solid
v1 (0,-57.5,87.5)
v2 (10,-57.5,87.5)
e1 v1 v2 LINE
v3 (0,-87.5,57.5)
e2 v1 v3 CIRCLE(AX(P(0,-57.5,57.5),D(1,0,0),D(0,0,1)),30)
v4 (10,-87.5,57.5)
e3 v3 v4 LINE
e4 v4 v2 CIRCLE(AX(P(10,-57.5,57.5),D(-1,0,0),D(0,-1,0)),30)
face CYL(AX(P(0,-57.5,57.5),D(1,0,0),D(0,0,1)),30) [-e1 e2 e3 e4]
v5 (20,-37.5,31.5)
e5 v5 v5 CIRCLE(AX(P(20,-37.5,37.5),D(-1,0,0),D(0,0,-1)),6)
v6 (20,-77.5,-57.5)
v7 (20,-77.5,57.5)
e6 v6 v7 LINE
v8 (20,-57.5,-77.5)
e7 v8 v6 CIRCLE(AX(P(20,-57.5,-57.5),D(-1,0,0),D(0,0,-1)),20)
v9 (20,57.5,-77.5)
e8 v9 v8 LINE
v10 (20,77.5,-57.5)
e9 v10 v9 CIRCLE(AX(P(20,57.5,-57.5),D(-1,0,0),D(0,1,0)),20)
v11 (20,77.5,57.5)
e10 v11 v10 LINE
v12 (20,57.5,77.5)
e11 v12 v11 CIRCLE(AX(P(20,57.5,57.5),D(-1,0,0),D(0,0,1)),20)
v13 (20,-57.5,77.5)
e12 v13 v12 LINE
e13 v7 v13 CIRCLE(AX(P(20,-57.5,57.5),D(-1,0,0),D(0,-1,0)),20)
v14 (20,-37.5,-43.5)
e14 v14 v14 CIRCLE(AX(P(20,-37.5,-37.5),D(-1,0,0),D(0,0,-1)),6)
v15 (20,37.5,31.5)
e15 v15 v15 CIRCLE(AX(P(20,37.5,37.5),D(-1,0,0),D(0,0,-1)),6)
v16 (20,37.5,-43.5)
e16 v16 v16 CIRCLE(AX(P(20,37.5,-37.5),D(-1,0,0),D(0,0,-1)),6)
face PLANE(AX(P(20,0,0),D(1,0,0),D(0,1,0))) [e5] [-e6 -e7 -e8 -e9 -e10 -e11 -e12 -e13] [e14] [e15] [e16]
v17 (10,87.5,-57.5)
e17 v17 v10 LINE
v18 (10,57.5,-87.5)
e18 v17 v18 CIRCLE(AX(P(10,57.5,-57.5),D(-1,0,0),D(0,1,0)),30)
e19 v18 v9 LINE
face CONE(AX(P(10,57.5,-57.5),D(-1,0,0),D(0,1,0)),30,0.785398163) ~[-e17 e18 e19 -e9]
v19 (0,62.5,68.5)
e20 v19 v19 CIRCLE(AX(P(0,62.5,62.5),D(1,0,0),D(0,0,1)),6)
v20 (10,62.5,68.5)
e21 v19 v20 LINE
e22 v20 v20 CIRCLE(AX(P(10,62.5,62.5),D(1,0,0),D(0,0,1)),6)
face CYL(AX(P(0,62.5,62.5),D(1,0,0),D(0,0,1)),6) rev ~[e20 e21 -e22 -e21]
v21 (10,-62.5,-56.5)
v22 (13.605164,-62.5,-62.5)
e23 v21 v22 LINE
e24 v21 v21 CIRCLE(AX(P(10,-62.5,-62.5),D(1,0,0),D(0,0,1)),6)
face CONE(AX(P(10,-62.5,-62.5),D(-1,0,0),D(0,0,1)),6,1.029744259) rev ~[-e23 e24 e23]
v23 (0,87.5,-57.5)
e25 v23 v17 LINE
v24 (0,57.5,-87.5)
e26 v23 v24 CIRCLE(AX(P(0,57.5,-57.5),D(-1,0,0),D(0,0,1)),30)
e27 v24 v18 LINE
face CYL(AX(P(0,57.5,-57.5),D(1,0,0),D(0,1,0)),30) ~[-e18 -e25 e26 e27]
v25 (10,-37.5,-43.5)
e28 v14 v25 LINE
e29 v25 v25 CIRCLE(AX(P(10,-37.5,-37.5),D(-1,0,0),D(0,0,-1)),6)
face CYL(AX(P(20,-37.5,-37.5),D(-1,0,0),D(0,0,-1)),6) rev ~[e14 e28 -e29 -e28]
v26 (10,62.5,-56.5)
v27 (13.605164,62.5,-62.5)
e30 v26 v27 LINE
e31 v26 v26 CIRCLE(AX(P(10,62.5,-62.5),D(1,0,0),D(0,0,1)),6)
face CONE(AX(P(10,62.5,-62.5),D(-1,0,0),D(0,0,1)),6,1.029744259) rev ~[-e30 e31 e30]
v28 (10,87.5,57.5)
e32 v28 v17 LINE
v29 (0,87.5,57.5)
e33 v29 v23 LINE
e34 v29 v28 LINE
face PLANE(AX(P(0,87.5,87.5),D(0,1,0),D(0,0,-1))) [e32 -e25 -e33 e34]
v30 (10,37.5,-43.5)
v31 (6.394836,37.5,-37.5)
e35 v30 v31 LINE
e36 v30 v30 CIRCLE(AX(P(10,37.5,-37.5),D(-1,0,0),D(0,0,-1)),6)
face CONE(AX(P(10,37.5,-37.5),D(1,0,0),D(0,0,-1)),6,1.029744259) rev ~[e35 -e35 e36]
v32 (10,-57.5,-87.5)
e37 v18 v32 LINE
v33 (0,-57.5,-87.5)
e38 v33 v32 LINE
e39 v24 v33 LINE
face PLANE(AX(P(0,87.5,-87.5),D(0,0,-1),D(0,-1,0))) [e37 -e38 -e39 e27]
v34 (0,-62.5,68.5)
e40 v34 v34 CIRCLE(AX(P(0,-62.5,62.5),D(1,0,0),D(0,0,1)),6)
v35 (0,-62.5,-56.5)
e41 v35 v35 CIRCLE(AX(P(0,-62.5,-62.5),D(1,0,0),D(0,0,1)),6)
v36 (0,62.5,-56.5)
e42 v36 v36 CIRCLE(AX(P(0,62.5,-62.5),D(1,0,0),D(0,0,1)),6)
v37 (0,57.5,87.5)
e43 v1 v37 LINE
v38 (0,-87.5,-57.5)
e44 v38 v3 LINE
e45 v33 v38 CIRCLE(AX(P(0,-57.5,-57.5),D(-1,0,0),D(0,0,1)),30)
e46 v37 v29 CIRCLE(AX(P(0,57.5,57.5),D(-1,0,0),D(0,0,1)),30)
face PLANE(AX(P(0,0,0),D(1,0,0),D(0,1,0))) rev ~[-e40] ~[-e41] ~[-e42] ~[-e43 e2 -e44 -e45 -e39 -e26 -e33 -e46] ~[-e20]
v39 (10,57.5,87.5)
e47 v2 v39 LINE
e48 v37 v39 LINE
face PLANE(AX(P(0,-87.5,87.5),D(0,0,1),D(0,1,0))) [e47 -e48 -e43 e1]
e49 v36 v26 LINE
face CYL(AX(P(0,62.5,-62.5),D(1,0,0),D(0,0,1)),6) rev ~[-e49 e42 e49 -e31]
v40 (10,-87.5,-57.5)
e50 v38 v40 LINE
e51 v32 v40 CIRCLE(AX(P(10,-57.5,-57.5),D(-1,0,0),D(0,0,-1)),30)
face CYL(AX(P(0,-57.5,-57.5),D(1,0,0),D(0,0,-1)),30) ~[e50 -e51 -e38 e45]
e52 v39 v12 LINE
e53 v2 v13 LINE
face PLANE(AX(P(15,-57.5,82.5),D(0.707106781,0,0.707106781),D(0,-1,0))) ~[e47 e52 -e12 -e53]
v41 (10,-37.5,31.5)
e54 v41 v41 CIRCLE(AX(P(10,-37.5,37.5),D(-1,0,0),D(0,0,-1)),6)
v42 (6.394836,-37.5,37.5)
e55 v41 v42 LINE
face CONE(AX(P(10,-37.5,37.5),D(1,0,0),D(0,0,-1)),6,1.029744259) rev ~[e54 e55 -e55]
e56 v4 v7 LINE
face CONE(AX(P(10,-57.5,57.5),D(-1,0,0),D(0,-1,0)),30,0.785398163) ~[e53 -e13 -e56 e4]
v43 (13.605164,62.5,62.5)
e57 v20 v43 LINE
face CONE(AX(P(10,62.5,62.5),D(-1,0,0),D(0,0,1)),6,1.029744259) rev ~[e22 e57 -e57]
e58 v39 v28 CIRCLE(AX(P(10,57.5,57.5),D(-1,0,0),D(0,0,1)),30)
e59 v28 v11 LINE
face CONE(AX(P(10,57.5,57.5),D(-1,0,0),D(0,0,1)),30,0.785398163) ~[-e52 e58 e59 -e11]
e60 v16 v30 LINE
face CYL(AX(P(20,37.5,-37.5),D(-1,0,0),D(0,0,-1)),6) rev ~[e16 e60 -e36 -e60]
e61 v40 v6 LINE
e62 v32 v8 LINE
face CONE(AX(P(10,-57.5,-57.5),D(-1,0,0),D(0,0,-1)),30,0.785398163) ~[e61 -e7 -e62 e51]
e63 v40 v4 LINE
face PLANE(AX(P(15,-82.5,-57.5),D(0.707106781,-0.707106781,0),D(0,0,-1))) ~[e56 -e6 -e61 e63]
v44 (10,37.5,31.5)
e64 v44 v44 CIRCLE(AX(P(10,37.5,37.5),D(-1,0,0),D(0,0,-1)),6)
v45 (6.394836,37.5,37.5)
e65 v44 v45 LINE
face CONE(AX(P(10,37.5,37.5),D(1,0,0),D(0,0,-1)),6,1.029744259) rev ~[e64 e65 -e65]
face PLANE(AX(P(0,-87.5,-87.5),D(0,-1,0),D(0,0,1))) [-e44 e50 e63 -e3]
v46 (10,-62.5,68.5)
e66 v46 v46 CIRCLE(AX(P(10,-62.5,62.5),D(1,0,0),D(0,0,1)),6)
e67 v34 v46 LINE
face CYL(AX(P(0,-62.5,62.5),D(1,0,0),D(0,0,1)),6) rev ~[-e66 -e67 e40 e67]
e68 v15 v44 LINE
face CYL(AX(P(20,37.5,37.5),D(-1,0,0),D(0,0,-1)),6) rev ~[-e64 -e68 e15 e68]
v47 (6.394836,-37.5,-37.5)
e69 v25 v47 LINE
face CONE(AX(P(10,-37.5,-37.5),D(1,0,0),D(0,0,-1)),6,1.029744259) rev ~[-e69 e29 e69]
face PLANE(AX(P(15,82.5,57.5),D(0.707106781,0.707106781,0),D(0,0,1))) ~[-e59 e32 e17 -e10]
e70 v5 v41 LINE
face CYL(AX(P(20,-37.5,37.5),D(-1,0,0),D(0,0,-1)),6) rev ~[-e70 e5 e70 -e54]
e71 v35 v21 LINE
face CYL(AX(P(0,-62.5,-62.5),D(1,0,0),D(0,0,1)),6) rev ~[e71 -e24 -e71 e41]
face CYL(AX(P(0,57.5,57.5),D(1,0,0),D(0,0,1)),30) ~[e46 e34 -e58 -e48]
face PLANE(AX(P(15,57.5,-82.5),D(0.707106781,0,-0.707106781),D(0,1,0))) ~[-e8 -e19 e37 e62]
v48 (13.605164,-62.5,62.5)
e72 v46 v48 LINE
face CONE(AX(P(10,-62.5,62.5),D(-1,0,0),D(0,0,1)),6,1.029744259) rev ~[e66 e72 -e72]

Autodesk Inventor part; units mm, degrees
ref_plane "YZ Plane" through (0, 0, 0) normal (1, 0, 0) x (0, 1, 0)
ref_plane "XZ Plane" through (0, 0, 0) normal (0, 1, 0) x (-1, 0, 0)
ref_plane "XY Plane" through (0, 0, 0) normal (0, 0, 1) x (1, 0, 0)
sketch "草圖1" plane through (0, 0, 0) normal (1, 0, 0) x (0, 1, 0)
  line L0 (-87.5, 87.5) -> (87.5, 87.5)
  line L1 (87.5, 87.5) -> (87.5, -87.5)
  line L2 (87.5, -87.5) -> (-87.5, -87.5)
  line L3 (-87.5, -87.5) -> (-87.5, 87.5)
  line L4 (-87.5, 87.5) -> (87.5, -87.5) construction
  line L5 (87.5, 87.5) -> (-87.5, -87.5) construction
  point P0 (0, 0)
  dimension "d0" = 175
  dimension "d1" = 175
extrude "擠出1" add sketch "草圖1" along normal blind 20
fillet "圓角1" radius 30 4 edges at (10, 87.5, 87.5) (10, -87.5, 87.5) (10, 87.5, -87.5) (10, -87.5, -87.5)
chamfer "倒角1" distance 10 angle 45 8 edges at (20, 0, 87.5) (20, -78.7132, 78.7132) (20, -87.5, 0) (20, -78.7132, -78.7132) (20, 0, -87.5) (20, 78.7132, -78.7132) (20, 87.5, 0) (20, 78.7132, 78.7132)
sketch "草圖2" plane through (20, 0, 0) normal (1, 0, 0) x (0, 0, -1)
  line L0 (-37.5, -37.5) -> (37.5, -37.5)
  line L1 (37.5, -37.5) -> (37.5, 37.5)
  line L2 (37.5, 37.5) -> (-37.5, 37.5)
  line L3 (-37.5, 37.5) -> (-37.5, -37.5)
  line L4 (-37.5, -37.5) -> (37.5, 37.5) construction
  line L5 (37.5, -37.5) -> (-37.5, 37.5) construction
  point P0 (0, 0)
  dimension "d8" = 75
  dimension "d9" = 75
hole "孔1" at (20, 37.5, 37.5) at (20, 37.5, -37.5) at (20, -37.5, 37.5) at (20, -37.5, -37.5) direction (-1, 0, 0) diameter 12 depth 10 tip angle 118
sketch "草圖3" plane through (0, 0, 0) normal (-1, 0, 0) x (0, 0, 1)
  arc A0 (-87.5, -57.5) -> (-57.5, -87.5) centre (-57.5, -57.5) ccw projected
  line L0 (-57.5, -87.5) -> (57.5, -87.5) projected
  arc A1 (57.5, -87.5) -> (87.5, -57.5) centre (57.5, -57.5) ccw projected
  line L1 (87.5, -57.5) -> (87.5, 57.5) projected
  arc A2 (87.5, 57.5) -> (57.5, 87.5) centre (57.5, 57.5) ccw projected
  line L2 (57.5, 87.5) -> (-57.5, 87.5) projected
  arc A3 (-57.5, 87.5) -> (-87.5, 57.5) centre (-57.5, 57.5) ccw projected
  line L3 (-87.5, 57.5) -> (-87.5, -57.5) projected
  line L4 (62.5, 62.5) -> (-62.5, 62.5)
  line L5 (-62.5, 62.5) -> (-62.5, -62.5)
  line L6 (-62.5, -62.5) -> (62.5, -62.5)
  line L7 (62.5, -62.5) -> (62.5, 62.5)
  line L8 (62.5, 62.5) -> (-62.5, -62.5) construction
  line L9 (-62.5, 62.5) -> (62.5, -62.5) construction
  point P0 (0, 0)
  dimension "d17" = 125
  dimension "d18" = 125
hole "孔2" at (0, -62.5, 62.5) at (0, -62.5, -62.5) at (0, 62.5, -62.5) at (0, 62.5, 62.5) direction (1, 0, 0) diameter 12 depth 10 tip angle 118
properties part number "exercise3-1-4"
